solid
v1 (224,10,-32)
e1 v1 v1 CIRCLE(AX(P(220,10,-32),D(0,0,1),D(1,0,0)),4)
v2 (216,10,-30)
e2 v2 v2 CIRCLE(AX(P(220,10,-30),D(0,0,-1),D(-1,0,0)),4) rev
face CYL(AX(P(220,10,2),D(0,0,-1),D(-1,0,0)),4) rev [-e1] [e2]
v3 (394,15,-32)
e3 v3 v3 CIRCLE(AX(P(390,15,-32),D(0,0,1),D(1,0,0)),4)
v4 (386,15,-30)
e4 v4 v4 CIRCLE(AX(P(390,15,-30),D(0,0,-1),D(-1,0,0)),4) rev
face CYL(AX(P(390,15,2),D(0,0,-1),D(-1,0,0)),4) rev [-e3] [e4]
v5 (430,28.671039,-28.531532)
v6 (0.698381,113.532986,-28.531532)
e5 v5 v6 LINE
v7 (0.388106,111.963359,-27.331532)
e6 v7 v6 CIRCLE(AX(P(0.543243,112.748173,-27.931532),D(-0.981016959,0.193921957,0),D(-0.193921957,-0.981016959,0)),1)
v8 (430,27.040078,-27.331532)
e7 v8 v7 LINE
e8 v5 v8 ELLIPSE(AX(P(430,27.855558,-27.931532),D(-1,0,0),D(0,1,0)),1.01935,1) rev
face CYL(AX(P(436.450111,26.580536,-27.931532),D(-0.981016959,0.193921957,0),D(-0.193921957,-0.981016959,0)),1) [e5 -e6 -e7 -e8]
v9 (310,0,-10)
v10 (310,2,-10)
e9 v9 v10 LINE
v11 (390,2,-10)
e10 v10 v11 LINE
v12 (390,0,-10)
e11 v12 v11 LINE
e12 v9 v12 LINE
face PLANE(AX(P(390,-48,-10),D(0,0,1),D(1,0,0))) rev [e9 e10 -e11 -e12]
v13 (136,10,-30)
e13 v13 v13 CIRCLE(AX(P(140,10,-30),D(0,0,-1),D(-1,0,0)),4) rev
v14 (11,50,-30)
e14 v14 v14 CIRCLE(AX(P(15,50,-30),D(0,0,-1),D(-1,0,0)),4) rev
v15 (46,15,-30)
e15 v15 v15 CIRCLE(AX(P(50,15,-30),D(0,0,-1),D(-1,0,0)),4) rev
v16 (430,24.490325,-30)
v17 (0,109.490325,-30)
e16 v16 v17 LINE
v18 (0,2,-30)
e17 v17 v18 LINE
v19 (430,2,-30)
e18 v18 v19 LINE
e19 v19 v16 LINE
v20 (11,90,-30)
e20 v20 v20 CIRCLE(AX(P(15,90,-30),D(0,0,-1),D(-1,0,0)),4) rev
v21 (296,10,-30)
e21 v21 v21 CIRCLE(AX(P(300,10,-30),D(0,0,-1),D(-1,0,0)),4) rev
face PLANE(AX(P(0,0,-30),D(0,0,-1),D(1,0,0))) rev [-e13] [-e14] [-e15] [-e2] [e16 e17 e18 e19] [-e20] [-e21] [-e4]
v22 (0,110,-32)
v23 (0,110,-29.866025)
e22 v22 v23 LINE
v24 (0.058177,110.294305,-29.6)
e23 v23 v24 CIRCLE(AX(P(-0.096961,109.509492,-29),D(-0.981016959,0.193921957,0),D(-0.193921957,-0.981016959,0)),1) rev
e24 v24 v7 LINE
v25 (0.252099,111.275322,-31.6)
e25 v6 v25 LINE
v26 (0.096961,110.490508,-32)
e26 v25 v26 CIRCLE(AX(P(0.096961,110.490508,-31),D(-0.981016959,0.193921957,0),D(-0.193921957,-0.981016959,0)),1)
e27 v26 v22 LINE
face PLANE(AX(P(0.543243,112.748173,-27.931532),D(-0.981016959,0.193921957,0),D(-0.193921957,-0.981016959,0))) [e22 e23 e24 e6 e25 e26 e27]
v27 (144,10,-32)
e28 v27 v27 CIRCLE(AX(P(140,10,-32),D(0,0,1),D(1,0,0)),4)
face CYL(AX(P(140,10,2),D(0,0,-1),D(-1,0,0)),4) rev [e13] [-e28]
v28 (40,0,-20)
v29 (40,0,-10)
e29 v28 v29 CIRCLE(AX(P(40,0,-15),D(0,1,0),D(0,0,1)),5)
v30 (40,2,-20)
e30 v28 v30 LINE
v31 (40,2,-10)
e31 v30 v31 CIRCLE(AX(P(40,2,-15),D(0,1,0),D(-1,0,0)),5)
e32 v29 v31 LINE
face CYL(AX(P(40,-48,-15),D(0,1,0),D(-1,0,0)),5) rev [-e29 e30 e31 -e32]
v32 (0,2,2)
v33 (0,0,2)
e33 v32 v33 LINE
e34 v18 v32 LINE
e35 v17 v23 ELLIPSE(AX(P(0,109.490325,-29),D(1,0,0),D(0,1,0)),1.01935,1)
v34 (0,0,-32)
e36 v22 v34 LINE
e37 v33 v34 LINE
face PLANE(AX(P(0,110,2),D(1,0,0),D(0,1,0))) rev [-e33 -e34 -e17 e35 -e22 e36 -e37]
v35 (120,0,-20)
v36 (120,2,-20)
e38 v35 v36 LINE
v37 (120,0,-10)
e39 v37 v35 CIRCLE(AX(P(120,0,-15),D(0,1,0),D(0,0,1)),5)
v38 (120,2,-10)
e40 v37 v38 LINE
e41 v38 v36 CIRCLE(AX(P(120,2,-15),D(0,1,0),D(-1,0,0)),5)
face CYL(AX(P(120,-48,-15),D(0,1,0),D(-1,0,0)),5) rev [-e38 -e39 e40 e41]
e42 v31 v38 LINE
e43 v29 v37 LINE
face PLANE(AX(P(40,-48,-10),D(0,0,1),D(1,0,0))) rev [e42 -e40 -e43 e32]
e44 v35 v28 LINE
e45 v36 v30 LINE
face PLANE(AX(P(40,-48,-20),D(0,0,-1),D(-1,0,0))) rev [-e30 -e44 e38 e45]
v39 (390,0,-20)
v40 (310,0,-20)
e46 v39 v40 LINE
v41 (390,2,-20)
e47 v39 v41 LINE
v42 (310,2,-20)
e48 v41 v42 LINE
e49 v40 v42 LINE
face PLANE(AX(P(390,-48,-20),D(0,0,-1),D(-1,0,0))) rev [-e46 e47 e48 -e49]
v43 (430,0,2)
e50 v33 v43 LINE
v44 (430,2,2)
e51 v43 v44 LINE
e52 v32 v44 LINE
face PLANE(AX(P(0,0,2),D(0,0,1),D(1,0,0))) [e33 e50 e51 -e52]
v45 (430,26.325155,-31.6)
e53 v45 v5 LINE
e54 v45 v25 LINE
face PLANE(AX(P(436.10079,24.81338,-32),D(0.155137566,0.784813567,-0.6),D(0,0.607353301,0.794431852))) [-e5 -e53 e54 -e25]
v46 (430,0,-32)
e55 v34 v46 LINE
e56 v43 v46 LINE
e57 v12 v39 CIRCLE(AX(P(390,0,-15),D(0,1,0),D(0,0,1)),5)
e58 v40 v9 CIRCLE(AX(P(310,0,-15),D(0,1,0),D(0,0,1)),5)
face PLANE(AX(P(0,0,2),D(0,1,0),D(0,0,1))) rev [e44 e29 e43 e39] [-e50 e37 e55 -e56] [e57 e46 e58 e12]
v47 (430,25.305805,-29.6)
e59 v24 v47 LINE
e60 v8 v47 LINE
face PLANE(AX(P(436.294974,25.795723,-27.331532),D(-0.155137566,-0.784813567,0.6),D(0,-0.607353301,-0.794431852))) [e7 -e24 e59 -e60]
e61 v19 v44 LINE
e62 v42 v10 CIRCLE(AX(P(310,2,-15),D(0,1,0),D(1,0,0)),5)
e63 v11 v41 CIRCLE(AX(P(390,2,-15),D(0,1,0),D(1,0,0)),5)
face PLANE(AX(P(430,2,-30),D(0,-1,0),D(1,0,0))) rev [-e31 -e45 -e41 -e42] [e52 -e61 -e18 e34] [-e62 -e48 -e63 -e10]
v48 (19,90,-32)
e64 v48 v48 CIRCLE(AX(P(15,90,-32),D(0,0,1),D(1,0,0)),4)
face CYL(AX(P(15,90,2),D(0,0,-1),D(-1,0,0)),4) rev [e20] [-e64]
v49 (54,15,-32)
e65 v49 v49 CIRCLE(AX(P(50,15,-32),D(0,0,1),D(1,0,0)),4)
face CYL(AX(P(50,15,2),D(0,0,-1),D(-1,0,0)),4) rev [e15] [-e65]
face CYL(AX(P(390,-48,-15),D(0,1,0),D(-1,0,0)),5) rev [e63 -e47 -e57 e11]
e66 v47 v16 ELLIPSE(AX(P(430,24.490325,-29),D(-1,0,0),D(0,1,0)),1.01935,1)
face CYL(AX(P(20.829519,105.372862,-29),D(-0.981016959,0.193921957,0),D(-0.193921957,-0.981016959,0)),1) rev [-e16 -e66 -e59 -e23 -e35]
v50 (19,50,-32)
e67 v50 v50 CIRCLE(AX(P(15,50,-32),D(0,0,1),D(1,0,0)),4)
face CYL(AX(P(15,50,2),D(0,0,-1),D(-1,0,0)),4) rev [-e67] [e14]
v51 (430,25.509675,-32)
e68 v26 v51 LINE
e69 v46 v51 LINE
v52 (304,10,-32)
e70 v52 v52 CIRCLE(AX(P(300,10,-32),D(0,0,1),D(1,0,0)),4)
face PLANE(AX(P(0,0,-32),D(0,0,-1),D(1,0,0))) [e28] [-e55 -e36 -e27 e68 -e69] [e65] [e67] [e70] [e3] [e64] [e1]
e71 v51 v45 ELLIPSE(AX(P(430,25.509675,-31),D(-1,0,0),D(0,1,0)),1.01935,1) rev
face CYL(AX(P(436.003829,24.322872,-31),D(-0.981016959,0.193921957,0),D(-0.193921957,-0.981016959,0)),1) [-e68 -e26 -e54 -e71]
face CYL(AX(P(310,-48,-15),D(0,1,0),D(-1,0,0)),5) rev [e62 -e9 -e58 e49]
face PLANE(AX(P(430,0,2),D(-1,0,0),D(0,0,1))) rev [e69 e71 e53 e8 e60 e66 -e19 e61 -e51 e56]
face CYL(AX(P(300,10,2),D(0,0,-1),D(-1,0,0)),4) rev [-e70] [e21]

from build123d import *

# Parameters (mm, degrees)
BOSS_EXTRUDE1_DEPTH = 2
SKETCH3_W           = 430
SKETCH3_H           = 2
BOSS_EXTRUDE2_DEPTH = 30
CUT_EXTRUDE1_DEPTH  = 50
SKETCH7_R           = 4
CUT_EXTRUDE2_DEPTH  = 445.998876403
SKETCH8_R           = 4
CUT_EXTRUDE3_DEPTH  = 445.998876403
BOSS_EXTRUDE4_REACH = 466.157
FILLET3_R           = 1
FILLET4_R           = 1
SKETCH14_W          = 14.198164628
SKETCH14_H          = 140.679364316
CUT_EXTRUDE6_DEPTH  = 446.935341302


with BuildPart() as part:
    # Sketch2 → Boss-Extrude1 (new body)
    with BuildSketch(Plane.XY):
        Polygon((0, 0), (430, 0), (430, 25), (0, 110), align=None)
    boss_extrude1 = extrude(amount=BOSS_EXTRUDE1_DEPTH)

    # Sketch3 → Boss-Extrude2 (add)
    with BuildSketch(Plane(origin=(0, 0, 0), x_dir=(-1, 0, 0), z_dir=(0, 0, -1))):
        with Locations((-215, 1)):
            Rectangle(SKETCH3_W, SKETCH3_H)
    extrude(amount=BOSS_EXTRUDE2_DEPTH)

    # Sketch4 → Cut-Extrude1 (cut)
    with BuildSketch(Plane(origin=(0, 2, 0), x_dir=(1, 0, 0), z_dir=(0, 1, 0))):
        with BuildLine():
            Line((40, 20), (120, 20))
            ThreePointArc((120, 20), (125, 15), (120, 10))
            Line((120, 10), (40, 10))
            ThreePointArc((40, 10), (35, 15), (40, 20))
        make_face()
        with BuildLine():
            Line((390, 20), (310, 20))
            ThreePointArc((310, 20), (305, 15), (310, 10))
            Line((310, 10), (390, 10))
            ThreePointArc((390, 10), (395, 15), (390, 20))
        make_face()
    extrude(amount=-CUT_EXTRUDE1_DEPTH, mode=Mode.SUBTRACT)

    # Sketch7 → Cut-Extrude2 (cut, through all)
    with BuildSketch(Plane.XY.offset(2)):
        with Locations((15, 50)):
            Circle(SKETCH7_R)
        with Locations((50, 15)):
            Circle(SKETCH7_R)
        with Locations((390, 15)):
            Circle(SKETCH7_R)
        with Locations((15, 90)):
            Circle(SKETCH7_R)
    cut_extrude2 = extrude(amount=-CUT_EXTRUDE2_DEPTH, mode=Mode.SUBTRACT)

    # Sketch8 → Cut-Extrude3 (cut, through all)
    with BuildSketch(Plane.XY.offset(2)):
        with Locations((140, 10)):
            Circle(SKETCH8_R)
        with Locations((220, 10)):
            Circle(SKETCH8_R)
        with Locations((300, 10)):
            Circle(SKETCH8_R)
    cut_extrude3 = extrude(amount=-CUT_EXTRUDE3_DEPTH, mode=Mode.SUBTRACT)

    # Boss-Extrude4: up to this plane
    boss_extrude4_end = Plane(origin=(430, 0, 2), z_dir=(-1, 0, 0))
    # Sketch12 → Boss-Extrude4 (add, up to the surface)
    with BuildSketch(Plane(origin=(-20.926480156, 4.136629798, 0), x_dir=(0, 0, -1), z_dir=(0.9810169593645325, -0.19392195708368665, 0)), mode=Mode.PRIVATE) as boss_extrude4_sk1:
        with BuildLine():
            Line((2.668468057, 109.913216573), (0, 107.91186553))
            Line((0, 107.91186553), (-2, 107.91186553))
            Line((-2, 107.91186553), (-2, 108.91186553))
            Line((-2, 108.91186553), (1.468468057, 111.513216573))
            ThreePointArc((1.468468057, 111.513216573), (2.868468057, 111.313216573), (2.668468057, 109.913216573))
        make_face()
    boss_extrude4_tool1 = split(extrude(boss_extrude4_sk1.sketch, amount=BOSS_EXTRUDE4_REACH, mode=Mode.PRIVATE), bisect_by=boss_extrude4_end, keep=Keep.BOTH, mode=Mode.PRIVATE)
    boss_extrude4 = boss_extrude4_tool1.solids().sort_by_distance((0.341058, 111.725355, -0.613229))[0]
    add(boss_extrude4)

    # Fillet3
    fillet3_edges = [part.edges().sort_by_distance(p)[0] for p in [
        (215.096960979, 68.500183664, 2),
        (215, 67.5, 0),
    ]]
    fillet(fillet3_edges, radius=FILLET3_R)

    # Mirror1: Boss-Extrude1 across plane
    add(boss_extrude1.mirror(Plane(origin=(0, 0, -15), x_dir=(1, 0, 0), z_dir=(0, 0, -1))))

    # Mirror2: Boss-Extrude4 across plane
    add(boss_extrude4.mirror(Plane(origin=(0, 0, -15), x_dir=(1, 0, 0), z_dir=(0, 0, -1))))

    # Fillet4
    fillet4_edges = [part.edges().sort_by_distance(p)[0] for p in [
        (215, 67.5, -30),
        (215.096960979, 68.500183664, -32),
    ]]
    fillet(fillet4_edges, radius=FILLET4_R)

    # Sketch14 → Cut-Extrude6 (cut, through all)
    with BuildSketch(Plane.ZY):
        with Locations((1.254098972, 72.339682158)):
            Rectangle(SKETCH14_W, SKETCH14_H)
    extrude(amount=-CUT_EXTRUDE6_DEPTH, mode=Mode.SUBTRACT)

    # Mirror3: Cut-Extrude2, Cut-Extrude3 across plane
    add(cut_extrude2.mirror(Plane(origin=(0, 0, -15), x_dir=(1, 0, 0), z_dir=(0, 0, -1))), mode=Mode.SUBTRACT)
    add(cut_extrude3.mirror(Plane(origin=(0, 0, -15), x_dir=(1, 0, 0), z_dir=(0, 0, -1))), mode=Mode.SUBTRACT)


solid = part.part
